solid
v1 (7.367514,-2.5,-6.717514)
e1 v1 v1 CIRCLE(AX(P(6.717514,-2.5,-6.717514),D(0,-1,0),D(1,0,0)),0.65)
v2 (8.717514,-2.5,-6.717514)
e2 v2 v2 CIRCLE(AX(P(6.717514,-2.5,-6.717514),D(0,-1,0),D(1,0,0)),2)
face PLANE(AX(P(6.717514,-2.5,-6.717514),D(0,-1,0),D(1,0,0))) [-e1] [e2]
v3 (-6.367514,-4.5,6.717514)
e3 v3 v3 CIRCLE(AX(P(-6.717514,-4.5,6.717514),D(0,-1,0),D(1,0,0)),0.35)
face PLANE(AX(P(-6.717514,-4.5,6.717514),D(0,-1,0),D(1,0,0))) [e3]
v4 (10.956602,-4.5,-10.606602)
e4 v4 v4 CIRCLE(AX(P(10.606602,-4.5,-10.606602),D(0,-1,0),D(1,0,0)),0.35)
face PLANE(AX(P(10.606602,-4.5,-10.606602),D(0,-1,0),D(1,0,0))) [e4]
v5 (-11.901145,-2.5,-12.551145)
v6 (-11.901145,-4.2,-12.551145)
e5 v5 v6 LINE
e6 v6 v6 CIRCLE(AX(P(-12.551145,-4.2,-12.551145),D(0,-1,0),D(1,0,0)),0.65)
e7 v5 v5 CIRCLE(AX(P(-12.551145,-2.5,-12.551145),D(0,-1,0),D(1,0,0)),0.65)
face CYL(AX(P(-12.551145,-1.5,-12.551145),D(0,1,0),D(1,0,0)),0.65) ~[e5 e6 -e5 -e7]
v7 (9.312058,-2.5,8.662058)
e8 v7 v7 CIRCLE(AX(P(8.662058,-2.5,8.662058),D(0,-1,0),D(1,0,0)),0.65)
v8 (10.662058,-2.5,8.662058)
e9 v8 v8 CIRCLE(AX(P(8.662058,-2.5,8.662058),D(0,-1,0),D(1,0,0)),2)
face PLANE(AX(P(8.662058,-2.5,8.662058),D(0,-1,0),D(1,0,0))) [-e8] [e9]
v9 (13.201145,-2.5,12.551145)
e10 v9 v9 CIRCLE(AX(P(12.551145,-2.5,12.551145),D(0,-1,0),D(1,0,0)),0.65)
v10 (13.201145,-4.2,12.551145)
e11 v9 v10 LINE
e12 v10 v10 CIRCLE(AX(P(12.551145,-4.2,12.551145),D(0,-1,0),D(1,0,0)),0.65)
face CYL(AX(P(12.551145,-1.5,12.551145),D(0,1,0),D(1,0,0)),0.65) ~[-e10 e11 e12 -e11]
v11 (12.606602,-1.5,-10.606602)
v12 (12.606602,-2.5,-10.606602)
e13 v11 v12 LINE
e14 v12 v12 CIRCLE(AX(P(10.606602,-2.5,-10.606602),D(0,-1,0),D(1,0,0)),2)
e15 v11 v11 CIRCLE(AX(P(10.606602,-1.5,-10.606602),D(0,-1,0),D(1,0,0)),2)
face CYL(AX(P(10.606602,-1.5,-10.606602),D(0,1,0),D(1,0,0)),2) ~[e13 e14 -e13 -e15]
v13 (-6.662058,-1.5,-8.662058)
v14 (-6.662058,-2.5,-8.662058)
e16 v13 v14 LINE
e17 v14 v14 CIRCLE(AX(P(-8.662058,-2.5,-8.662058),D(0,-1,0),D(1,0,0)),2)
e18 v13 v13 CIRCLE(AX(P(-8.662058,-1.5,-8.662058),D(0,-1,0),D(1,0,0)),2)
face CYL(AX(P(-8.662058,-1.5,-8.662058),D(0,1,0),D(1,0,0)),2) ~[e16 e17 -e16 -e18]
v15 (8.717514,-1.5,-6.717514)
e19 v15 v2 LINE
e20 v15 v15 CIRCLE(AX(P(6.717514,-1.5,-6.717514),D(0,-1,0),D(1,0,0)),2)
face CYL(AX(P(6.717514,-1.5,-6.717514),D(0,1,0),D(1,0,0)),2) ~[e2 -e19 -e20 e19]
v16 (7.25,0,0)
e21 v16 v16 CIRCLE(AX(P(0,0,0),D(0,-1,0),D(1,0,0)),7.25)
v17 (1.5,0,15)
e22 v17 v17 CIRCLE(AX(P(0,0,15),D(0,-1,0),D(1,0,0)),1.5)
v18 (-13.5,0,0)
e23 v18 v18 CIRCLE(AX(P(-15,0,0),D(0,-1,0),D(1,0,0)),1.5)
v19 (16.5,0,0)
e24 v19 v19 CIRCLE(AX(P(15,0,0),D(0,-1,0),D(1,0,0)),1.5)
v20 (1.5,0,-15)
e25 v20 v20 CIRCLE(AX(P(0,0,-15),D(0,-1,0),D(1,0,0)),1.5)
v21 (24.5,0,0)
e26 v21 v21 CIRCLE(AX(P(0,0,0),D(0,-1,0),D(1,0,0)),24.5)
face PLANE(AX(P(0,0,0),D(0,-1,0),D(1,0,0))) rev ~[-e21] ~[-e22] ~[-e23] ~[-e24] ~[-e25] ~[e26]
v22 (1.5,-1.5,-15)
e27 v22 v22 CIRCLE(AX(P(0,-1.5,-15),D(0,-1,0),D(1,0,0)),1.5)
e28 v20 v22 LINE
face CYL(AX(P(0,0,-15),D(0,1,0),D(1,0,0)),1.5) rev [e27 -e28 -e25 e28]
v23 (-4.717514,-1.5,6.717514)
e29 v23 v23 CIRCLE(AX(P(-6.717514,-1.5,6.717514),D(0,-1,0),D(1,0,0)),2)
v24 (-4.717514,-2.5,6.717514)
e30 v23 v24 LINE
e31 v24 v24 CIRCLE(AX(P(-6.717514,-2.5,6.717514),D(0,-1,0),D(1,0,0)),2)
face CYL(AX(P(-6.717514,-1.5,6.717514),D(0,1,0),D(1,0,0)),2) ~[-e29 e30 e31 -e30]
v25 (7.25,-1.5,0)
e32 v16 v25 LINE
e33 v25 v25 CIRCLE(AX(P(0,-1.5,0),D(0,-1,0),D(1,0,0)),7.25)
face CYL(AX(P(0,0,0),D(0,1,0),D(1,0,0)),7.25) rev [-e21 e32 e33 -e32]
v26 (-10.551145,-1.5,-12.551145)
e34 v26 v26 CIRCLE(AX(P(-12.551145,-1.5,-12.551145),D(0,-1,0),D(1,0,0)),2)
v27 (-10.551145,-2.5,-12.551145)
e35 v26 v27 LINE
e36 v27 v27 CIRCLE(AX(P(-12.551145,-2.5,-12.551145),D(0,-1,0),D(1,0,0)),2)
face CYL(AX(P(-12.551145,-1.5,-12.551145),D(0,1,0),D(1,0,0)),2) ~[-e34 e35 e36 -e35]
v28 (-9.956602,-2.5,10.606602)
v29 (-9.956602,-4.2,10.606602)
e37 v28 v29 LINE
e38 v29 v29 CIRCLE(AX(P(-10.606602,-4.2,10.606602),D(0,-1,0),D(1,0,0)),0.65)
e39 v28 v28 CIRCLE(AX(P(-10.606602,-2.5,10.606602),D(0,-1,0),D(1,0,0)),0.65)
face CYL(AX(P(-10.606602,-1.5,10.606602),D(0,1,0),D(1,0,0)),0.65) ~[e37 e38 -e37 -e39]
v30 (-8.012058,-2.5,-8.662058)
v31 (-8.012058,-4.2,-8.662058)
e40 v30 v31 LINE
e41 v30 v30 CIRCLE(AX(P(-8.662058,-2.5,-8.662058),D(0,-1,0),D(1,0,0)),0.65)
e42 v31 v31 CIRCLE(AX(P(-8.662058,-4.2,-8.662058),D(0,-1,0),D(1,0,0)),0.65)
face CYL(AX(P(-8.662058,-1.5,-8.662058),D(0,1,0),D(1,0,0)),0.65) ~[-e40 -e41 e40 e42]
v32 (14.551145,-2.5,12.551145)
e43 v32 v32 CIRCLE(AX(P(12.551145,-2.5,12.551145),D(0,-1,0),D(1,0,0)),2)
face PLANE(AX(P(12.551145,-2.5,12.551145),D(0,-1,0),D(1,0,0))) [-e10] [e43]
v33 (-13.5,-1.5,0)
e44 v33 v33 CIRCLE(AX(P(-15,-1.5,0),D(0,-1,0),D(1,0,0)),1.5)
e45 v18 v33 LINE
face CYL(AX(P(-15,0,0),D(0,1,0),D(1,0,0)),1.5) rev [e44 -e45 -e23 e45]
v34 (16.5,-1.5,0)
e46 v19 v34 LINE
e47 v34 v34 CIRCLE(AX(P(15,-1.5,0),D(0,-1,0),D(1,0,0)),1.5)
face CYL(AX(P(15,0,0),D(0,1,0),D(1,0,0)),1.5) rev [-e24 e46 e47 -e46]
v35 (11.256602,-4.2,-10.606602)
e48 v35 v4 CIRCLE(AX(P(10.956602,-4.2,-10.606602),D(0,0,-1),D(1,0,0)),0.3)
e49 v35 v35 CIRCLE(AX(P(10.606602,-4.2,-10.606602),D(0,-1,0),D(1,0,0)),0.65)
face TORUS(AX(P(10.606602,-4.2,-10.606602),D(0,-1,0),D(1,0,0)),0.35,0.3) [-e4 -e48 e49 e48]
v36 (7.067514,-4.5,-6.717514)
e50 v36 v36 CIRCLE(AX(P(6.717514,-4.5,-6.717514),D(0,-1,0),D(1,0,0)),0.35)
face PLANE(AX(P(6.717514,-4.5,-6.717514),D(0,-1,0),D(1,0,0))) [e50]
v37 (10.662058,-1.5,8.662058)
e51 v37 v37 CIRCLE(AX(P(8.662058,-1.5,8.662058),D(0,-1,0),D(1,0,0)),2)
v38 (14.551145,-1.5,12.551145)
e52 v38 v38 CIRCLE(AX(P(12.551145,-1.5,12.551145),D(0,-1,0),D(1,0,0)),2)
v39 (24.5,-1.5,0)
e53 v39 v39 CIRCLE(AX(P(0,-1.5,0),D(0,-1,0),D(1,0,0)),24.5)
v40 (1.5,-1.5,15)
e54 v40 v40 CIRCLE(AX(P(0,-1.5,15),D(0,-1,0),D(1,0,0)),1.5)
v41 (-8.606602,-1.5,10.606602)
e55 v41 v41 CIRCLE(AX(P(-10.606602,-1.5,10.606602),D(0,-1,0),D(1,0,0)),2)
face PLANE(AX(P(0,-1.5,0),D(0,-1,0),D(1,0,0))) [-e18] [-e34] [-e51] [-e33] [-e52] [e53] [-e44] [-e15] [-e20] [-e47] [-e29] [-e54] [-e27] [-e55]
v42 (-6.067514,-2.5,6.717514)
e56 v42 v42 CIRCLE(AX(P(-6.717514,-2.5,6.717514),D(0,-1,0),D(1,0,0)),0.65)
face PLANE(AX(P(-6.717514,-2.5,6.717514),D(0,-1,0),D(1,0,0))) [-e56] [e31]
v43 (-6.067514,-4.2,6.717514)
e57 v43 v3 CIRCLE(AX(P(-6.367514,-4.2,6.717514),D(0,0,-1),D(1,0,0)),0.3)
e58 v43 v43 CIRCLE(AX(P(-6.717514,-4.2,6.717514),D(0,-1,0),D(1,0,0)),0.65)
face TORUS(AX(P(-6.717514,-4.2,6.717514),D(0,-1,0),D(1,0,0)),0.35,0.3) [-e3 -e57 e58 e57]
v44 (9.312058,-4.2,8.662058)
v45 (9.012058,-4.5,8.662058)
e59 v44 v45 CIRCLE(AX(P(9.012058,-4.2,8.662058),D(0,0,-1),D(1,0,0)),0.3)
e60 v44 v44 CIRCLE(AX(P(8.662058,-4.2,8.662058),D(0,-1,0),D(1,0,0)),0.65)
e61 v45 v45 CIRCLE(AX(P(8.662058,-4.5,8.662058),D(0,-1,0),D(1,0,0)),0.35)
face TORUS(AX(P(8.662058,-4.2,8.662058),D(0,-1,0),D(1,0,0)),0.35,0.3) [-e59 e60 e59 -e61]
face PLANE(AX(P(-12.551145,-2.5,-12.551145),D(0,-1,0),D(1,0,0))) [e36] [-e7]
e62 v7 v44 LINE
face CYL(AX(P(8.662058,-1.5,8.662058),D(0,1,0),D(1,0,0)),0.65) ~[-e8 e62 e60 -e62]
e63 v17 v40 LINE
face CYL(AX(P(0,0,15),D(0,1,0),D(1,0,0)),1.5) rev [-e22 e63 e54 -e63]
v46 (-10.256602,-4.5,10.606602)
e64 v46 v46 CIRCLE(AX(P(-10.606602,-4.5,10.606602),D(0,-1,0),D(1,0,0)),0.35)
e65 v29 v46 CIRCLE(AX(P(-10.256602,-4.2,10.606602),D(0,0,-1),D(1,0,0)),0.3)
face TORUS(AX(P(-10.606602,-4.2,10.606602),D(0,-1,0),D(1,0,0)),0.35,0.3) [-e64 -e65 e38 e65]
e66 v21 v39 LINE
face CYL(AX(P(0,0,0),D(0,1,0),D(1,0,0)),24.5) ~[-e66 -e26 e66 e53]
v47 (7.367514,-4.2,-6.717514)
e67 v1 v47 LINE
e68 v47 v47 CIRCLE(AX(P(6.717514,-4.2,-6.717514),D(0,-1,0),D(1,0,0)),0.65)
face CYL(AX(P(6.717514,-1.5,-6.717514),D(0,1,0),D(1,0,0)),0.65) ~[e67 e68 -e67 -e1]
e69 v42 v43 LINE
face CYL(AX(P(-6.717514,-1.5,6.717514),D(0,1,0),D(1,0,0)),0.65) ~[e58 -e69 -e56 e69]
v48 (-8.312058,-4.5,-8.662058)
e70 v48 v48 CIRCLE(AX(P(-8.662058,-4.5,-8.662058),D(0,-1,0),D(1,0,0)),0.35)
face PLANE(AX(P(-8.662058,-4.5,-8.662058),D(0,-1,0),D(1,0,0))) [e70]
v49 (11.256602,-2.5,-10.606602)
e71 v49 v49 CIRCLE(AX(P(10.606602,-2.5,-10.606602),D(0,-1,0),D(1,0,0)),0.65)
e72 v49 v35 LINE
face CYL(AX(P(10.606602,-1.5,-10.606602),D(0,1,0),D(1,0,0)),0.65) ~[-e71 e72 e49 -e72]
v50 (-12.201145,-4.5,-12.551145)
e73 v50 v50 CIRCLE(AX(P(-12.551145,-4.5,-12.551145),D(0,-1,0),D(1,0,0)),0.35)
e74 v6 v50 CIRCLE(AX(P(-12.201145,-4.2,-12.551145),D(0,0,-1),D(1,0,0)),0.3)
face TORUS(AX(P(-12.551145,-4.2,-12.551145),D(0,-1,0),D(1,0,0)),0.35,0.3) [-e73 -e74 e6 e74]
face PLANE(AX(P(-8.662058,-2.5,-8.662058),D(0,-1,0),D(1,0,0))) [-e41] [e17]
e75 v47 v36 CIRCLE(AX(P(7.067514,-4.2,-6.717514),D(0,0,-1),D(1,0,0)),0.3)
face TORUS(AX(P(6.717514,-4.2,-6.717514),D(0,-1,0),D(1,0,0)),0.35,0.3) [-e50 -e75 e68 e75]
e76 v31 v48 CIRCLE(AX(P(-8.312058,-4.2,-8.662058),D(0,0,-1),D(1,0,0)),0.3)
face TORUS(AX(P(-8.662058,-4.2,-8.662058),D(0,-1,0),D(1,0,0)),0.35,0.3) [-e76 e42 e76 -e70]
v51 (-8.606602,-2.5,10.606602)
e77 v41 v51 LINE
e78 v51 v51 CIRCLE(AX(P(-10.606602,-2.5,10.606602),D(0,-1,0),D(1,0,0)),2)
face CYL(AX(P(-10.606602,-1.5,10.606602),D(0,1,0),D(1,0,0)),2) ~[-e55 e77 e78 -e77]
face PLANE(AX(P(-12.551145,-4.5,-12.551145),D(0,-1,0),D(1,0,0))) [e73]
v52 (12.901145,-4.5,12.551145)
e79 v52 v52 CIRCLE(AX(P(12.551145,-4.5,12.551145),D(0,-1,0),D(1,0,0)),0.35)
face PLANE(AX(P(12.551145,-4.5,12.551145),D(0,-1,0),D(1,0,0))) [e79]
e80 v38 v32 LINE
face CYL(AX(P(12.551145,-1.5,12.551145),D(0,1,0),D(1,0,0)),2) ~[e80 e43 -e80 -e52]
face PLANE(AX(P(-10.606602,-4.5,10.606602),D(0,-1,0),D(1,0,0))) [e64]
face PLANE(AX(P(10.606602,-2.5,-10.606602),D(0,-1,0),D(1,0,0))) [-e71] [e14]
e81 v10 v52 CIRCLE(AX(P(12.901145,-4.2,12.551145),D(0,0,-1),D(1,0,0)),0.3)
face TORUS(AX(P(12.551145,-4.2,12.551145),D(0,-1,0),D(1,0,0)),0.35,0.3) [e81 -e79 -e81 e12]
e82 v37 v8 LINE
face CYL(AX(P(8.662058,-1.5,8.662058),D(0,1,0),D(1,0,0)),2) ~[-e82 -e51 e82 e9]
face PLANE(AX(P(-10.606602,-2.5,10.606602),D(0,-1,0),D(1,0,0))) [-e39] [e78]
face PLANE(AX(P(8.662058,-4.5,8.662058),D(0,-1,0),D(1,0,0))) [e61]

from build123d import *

# Parameters (mm, degrees)
F0_R     = 24.5
F0_R_2   = 1.5
F0_R_3   = 7.25
F1_DEPTH = 1.5
F2_R     = 2
F2_R_2   = 0.65
F3_DEPTH = 1
F4_DEPTH = 3
F5_R     = 0.3


with BuildPart() as f1:
    # F0 (on Front) → F1 (new body)
    with BuildSketch(Plane.XZ):
        Circle(F0_R)
        with Locations((0, -15)):
            Circle(F0_R_2, mode=Mode.SUBTRACT)
        with Locations((-15, 0)):
            Circle(F0_R_2, mode=Mode.SUBTRACT)
        Circle(F0_R_3, mode=Mode.SUBTRACT)
        with Locations((15, 0)):
            Circle(F0_R_2, mode=Mode.SUBTRACT)
        with Locations((0, 15)):
            Circle(F0_R_2, mode=Mode.SUBTRACT)
    extrude(amount=F1_DEPTH)

    # F2 (on face) → F3 (join)
    with BuildSketch(Plane.XZ.offset(1.5)):
        with Locations((-12.551145, -12.551145)):
            Circle(F2_R)
        with Locations((-12.551145, -12.551145)):
            Circle(F2_R_2, mode=Mode.SUBTRACT)
        with Locations((-8.662058, -8.662058)):
            Circle(F2_R)
        with Locations((-8.662058, -8.662058)):
            Circle(F2_R_2, mode=Mode.SUBTRACT)
        with Locations((-10.606602, 10.606602)):
            Circle(F2_R)
        with Locations((-10.606602, 10.606602)):
            Circle(F2_R_2, mode=Mode.SUBTRACT)
        with Locations((-6.717514, 6.717514)):
            Circle(F2_R)
        with Locations((-6.717514, 6.717514)):
            Circle(F2_R_2, mode=Mode.SUBTRACT)
        with Locations((8.662058, 8.662058)):
            Circle(F2_R)
        with Locations((8.662058, 8.662058)):
            Circle(F2_R_2, mode=Mode.SUBTRACT)
        with Locations((12.551145, 12.551145)):
            Circle(F2_R)
        with Locations((12.551145, 12.551145)):
            Circle(F2_R_2, mode=Mode.SUBTRACT)
        with Locations((6.717514, -6.717514)):
            Circle(F2_R)
        with Locations((6.717514, -6.717514)):
            Circle(F2_R_2, mode=Mode.SUBTRACT)
        with Locations((10.606602, -10.606602)):
            Circle(F2_R)
        with Locations((10.606602, -10.606602)):
            Circle(F2_R_2, mode=Mode.SUBTRACT)
    extrude(amount=F3_DEPTH)

    # F2 (on face) → F4 (join)
    with BuildSketch(Plane.XZ.offset(1.5)):
        with Locations((-8.662058, -8.662058)):
            Circle(F2_R_2)
        with Locations((6.717514, -6.717514)):
            Circle(F2_R_2)
        with Locations((10.606602, -10.606602)):
            Circle(F2_R_2)
        with Locations((8.662058, 8.662058)):
            Circle(F2_R_2)
        with Locations((12.551145, 12.551145)):
            Circle(F2_R_2)
        with Locations((-6.717514, 6.717514)):
            Circle(F2_R_2)
        with Locations((-10.606602, 10.606602)):
            Circle(F2_R_2)
        with Locations((-12.551145, -12.551145)):
            Circle(F2_R_2)
    extrude(amount=F4_DEPTH)

    # F5
    f5_edges = [f1.edges().sort_by_distance(p)[0] for p in [
        (-13.201145, -4.5, -12.551145),
        (-9.312058, -4.5, -8.662058),
        (6.067514, -4.5, -6.717514),
        (9.956602, -4.5, -10.606602),
        (-7.367514, -4.5, 6.717514),
        (-11.256602, -4.5, 10.606602),
        (8.012058, -4.5, 8.662058),
        (11.901145, -4.5, 12.551145),
    ]]
    fillet(f5_edges, radius=F5_R)


solid = f1.part
